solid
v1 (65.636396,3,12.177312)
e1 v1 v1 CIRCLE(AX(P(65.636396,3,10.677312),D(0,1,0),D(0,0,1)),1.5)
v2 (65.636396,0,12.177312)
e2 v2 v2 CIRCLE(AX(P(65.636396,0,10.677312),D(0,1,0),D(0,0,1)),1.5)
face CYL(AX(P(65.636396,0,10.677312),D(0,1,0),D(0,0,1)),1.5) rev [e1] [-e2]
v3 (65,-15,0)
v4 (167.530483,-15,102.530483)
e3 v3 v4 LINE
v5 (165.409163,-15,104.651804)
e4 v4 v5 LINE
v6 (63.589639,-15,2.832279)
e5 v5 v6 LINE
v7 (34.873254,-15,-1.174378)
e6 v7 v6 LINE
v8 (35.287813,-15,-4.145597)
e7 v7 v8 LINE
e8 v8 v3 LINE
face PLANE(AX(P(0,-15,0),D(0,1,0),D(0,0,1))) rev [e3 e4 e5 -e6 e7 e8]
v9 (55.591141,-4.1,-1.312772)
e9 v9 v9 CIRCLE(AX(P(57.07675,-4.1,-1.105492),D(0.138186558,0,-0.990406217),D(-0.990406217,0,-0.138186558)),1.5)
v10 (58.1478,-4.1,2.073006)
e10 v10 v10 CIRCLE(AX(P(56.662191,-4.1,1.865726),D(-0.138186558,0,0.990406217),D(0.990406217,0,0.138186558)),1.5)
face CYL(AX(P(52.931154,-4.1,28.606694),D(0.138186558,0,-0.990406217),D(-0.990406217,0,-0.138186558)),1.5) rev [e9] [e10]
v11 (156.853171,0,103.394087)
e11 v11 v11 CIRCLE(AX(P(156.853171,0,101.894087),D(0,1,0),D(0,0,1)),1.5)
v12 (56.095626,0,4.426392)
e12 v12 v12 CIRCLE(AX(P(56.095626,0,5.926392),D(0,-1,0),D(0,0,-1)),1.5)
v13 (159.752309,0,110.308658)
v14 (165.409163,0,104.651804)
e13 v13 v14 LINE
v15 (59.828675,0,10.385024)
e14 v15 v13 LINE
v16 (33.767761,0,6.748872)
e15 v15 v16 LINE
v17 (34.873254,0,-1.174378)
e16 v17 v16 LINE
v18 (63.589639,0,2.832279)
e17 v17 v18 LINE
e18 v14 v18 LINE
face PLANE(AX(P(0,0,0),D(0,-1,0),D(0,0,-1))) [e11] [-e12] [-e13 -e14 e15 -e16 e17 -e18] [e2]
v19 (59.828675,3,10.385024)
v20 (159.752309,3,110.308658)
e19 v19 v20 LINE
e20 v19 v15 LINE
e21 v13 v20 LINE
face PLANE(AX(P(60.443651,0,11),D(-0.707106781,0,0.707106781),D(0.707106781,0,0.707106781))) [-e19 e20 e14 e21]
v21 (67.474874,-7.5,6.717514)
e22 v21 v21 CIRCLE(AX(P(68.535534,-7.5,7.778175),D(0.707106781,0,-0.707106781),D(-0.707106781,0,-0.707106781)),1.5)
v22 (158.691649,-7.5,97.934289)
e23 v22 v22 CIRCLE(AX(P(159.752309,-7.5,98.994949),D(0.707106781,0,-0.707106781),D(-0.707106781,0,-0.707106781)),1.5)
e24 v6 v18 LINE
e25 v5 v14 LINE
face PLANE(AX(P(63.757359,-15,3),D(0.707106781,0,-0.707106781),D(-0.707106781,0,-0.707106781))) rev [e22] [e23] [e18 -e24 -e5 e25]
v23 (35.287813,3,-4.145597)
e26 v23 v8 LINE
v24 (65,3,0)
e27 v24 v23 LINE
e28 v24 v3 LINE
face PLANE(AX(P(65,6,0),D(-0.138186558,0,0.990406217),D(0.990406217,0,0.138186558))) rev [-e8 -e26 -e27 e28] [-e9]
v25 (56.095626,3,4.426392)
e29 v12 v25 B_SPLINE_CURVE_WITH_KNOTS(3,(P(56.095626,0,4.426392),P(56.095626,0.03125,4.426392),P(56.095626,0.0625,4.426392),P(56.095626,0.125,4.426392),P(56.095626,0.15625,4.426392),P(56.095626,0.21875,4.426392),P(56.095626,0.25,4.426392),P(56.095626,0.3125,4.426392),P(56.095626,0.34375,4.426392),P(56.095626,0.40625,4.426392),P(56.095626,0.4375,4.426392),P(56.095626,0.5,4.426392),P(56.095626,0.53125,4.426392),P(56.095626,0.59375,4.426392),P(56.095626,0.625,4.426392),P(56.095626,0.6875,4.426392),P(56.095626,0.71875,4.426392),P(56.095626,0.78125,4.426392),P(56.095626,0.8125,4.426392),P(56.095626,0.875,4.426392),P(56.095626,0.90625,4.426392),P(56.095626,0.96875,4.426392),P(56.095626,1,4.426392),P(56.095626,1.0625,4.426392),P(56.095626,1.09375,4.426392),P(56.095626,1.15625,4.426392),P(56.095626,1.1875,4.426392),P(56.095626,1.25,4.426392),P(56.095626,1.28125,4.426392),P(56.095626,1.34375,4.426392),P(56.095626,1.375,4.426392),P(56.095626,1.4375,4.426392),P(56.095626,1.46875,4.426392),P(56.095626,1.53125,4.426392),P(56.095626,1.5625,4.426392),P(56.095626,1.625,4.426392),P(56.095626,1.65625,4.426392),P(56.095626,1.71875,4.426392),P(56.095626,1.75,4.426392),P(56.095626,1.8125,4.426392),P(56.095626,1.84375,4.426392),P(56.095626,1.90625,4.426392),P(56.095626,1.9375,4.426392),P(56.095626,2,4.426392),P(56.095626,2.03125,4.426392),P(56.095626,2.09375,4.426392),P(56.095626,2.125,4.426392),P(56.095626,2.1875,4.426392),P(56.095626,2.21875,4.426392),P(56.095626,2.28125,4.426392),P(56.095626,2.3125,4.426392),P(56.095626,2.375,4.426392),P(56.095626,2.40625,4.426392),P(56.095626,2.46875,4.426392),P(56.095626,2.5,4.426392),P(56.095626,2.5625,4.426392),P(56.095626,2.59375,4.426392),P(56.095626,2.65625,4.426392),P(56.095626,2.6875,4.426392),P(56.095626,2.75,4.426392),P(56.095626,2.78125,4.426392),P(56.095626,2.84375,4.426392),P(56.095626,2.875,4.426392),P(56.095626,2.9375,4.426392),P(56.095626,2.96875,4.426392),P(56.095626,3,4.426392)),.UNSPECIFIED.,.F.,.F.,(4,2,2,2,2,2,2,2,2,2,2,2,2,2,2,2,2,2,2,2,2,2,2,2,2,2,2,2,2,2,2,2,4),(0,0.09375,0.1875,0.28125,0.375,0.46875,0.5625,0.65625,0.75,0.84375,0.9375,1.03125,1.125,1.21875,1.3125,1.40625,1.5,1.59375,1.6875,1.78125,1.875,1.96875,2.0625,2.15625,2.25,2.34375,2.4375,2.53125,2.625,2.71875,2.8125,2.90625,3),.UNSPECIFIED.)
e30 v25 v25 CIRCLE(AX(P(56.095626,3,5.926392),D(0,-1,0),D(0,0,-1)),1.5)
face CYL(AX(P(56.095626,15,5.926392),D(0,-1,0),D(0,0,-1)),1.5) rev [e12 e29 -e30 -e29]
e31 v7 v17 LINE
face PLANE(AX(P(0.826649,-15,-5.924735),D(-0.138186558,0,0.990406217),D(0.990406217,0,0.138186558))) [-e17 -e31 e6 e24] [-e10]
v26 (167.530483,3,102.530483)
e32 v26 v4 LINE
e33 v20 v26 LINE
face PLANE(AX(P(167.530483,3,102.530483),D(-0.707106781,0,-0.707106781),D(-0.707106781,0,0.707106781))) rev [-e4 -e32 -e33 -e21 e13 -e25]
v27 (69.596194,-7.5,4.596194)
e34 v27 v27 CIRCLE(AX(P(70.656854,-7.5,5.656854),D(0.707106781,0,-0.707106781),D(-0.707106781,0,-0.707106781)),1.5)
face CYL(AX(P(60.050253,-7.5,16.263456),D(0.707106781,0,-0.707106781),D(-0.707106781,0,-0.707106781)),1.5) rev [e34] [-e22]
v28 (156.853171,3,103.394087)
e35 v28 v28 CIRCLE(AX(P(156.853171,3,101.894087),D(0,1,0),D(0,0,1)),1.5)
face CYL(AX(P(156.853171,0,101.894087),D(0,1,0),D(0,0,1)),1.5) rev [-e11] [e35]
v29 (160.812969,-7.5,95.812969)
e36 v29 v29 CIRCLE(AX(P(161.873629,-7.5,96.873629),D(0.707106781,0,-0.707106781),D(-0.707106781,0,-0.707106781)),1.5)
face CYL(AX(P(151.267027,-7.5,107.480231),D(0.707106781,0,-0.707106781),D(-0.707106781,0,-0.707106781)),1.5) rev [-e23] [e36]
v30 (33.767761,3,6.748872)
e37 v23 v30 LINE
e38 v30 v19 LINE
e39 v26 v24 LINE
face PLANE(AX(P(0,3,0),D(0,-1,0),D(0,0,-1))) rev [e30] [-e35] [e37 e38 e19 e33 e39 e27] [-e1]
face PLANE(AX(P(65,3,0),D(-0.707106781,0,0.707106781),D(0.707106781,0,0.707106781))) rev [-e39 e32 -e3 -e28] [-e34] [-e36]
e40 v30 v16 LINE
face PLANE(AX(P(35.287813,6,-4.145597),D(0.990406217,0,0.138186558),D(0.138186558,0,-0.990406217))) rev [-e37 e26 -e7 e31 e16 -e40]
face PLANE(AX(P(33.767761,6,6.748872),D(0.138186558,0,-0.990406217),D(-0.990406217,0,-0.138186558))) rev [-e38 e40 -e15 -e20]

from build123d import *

# Parameters (mm, degrees)
CROQUIS1_R                = 1.5
SALIENTE_EXTRUIR2_DEPTH   = 3
SALIENTE_EXTRUIR2_2_DEPTH = 3
SALIENTE_EXTRUIR3_DEPTH   = 3
CROQUIS4_R                = 1.5
CORTAR_EXTRUIR2_DEPTH     = 3
SALIENTE_EXTRUIR4_START   = -3
CROQUIS5_R                = 1.5
SALIENTE_EXTRUIR4_DEPTH   = 3
SALIENTE_EXTRUIR5_DEPTH   = 15
CROQUIS7_R                = 1.5
CORTAR_EXTRUIR3_DEPTH     = 15
CROQUIS8_R                = 1.5
CORTAR_EXTRUIR4_DEPTH     = 15
CROQUIS9_R                = 1.5
CORTAR_EXTRUIR5_DEPTH     = 15
CROQUIS10_W               = 207.078994109
CROQUIS10_H               = 142.865408101
CORTAR_EXTRUIR6_DEPTH     = 20
SALIENTE_EXTRUIR6_DEPTH   = 3
CORTAR_EXTRUIR9_DEPTH     = 6
SALIENTE_EXTRUIR8_DEPTH   = 6
CROQUIS14_W               = 35.322230026
CROQUIS14_H               = 29.345994137
CORTAR_EXTRUIR10_DEPTH    = 3
CROQUIS15_W               = 36.043333432
CROQUIS15_H               = 18.319096506
CORTAR_EXTRUIR12_DEPTH    = 10
SALIENTE_EXTRUIR9_DEPTH   = 15
CROQUIS17_R               = 1.5
CORTAR_EXTRUIR14_DEPTH    = 30
CROQUIS18_R               = 1.5
CORTAR_EXTRUIR15_DEPTH    = 30


with BuildPart() as part:
    # Croquis1 → Saliente-Extruir2 (new body)
    with BuildSketch(Plane(origin=(0, 0, 0), x_dir=(1, 0, 0), z_dir=(0, 1, 0))):
        Polygon((35, 0), (65, 0), (167.530483272, -102.530483272), (161.873629023, -108.187337522), (61.686291501, -8), (35, -8), align=None)
        with Locations(Location((50, -4, 0), (0, 0, 270))):
            Circle(CROQUIS1_R, mode=Mode.SUBTRACT)
        with Locations(Location((159.045201898, -99.702056147, 0), (0, 0, 270))):
            Circle(CROQUIS1_R, mode=Mode.SUBTRACT)
        with Locations(Location((67.828427125, -8.485281374, 0), (0, 0, 270))):
            Circle(CROQUIS1_R, mode=Mode.SUBTRACT)
    extrude(amount=SALIENTE_EXTRUIR2_DEPTH)



with BuildPart() as body_2:
    # Croquis1 → Saliente-Extruir2 2 (new body)
    with BuildSketch(Plane(origin=(0, 0, 0), x_dir=(1, 0, 0), z_dir=(0, 1, 0))):
        Polygon((-35, 0), (-65, 0), (-167.530483272, -102.530483272), (-161.873629023, -108.187337522), (-61.686291501, -8), (-35, -8), align=None)
        with Locations(Location((-50, -4, 0), (0, 0, 270))):
            Circle(CROQUIS1_R, mode=Mode.SUBTRACT)
        with Locations(Location((-67.828427125, -8.485281374, 0), (0, 0, 270))):
            Circle(CROQUIS1_R, mode=Mode.SUBTRACT)
        with Locations(Location((-159.045201898, -99.702056147, 0), (0, 0, 270))):
            Circle(CROQUIS1_R, mode=Mode.SUBTRACT)
    extrude(amount=SALIENTE_EXTRUIR2_2_DEPTH)


with BuildPart() as part_1:
    add(part.part)

    add(body_2.part)  # Saliente-Extruir3 merges body 2
    # Croquis3 → Saliente-Extruir3 (add)
    with BuildSketch(Plane(origin=(0, 3, 0), x_dir=(1, 0, 0), z_dir=(0, 1, 0))):
        Polygon((-161.873629023, -108.187337522), (-159.752308679, -110.308657865), (-60.443650814, -11), (-35, -11), (-35, -8), (-61.686291501, -8), align=None)
        Polygon((35, -8), (61.686291501, -8), (161.873629023, -108.187337522), (159.752308679, -110.308657865), (60.443650814, -11), (35, -11), align=None)
    extrude(amount=-SALIENTE_EXTRUIR3_DEPTH)

    # Croquis4 → Cortar-Extruir2 (cut)
    with BuildSketch(Plane(origin=(0, 3, 0), x_dir=(1, 0, 0), z_dir=(0, 1, 0))):
        with Locations(Location((-50, -7.1, 0), (0, 0, 270))):
            Circle(CROQUIS4_R)
        with Locations(Location((-65.636396103, -10.677312396, 0), (0, 0, 270))):
            Circle(CROQUIS4_R)
        with Locations(Location((-156.853170876, -101.894087169, 0), (0, 0, 270))):
            Circle(CROQUIS4_R)
        with Locations(Location((50, -7.1, 0), (0, 0, 270))):
            Circle(CROQUIS4_R)
        with Locations(Location((65.636396103, -10.677312396, 0), (0, 0, 270))):
            Circle(CROQUIS4_R)
        with Locations(Location((156.853170876, -101.894087169, 0), (0, 0, 270))):
            Circle(CROQUIS4_R)
    extrude(amount=-CORTAR_EXTRUIR2_DEPTH, mode=Mode.SUBTRACT)

    # Croquis5 → Saliente-Extruir4 (add)
    with BuildSketch(Plane(origin=(0, 3, 0), x_dir=(1, 0, 0), z_dir=(0, 1, 0)).offset(SALIENTE_EXTRUIR4_START)):
        with Locations((-159.045201898, -99.702056147)):
            Circle(CROQUIS5_R)
        with Locations((-67.828427125, -8.485281374)):
            Circle(CROQUIS5_R)
        with Locations((-50, -4)):
            Circle(CROQUIS5_R)
        with Locations((50, -4)):
            Circle(CROQUIS5_R)
        with Locations((67.828427125, -8.485281374)):
            Circle(CROQUIS5_R)
        with Locations((159.045201898, -99.702056147)):
            Circle(CROQUIS5_R)
    extrude(amount=SALIENTE_EXTRUIR4_DEPTH)

    # Croquis6 → Saliente-Extruir5 (add)
    with BuildSketch(Plane(origin=(0, 0, 0), x_dir=(-1, 0, 0), z_dir=(0, -1, 0))):
        Polygon((167.530483272, -102.530483272), (65, 0), (35, 0), (35, -3), (63.757359313, -3), (165.409162928, -104.651803616), align=None)
        Polygon((-35, 0), (-35, -3), (-63.757359313, -3), (-165.409162928, -104.651803616), (-167.530483272, -102.530483272), (-65, 0), align=None)
    extrude(amount=SALIENTE_EXTRUIR5_DEPTH)

    # Croquis7 → Cortar-Extruir3 (cut)
    with BuildSketch(Plane(origin=(0, 0, 0), x_dir=(-1, 0, 0), z_dir=(0, 0, -1))):
        with Locations((50, -7.5)):
            Circle(CROQUIS7_R)
        with Locations((-50, -7.5)):
            Circle(CROQUIS7_R)
    extrude(amount=-CORTAR_EXTRUIR3_DEPTH, mode=Mode.SUBTRACT)

    # Croquis8 → Cortar-Extruir4 (cut)
    with BuildSketch(Plane(origin=(-32.5, 0, -32.5), x_dir=(-0.7071067811865476, 0, 0.7071067811865476), z_dir=(-0.7071067811865476, 0, -0.7071067811865476))):
        with Locations((182.961940777, -7.5)):
            Circle(CROQUIS8_R)
        with Locations((53.961940777, -7.5)):
            Circle(CROQUIS8_R)
    extrude(amount=-CORTAR_EXTRUIR4_DEPTH, mode=Mode.SUBTRACT)

    # Croquis9 → Cortar-Extruir5 (cut)
    with BuildSketch(Plane(origin=(32.5, 0, -32.5), x_dir=(-0.7071067811865476, 0, -0.7071067811865476), z_dir=(0.7071067811865476, 0, -0.7071067811865476))):
        with Locations((-182.961940777, -7.5)):
            Circle(CROQUIS9_R)
        with Locations((-53.961940777, -7.5)):
            Circle(CROQUIS9_R)
    extrude(amount=-CORTAR_EXTRUIR5_DEPTH, mode=Mode.SUBTRACT)

    # Croquis10 → Cortar-Extruir6 (cut)
    with BuildSketch(Plane(origin=(0, 3, 0), x_dir=(1, 0, 0), z_dir=(0, 1, 0))):
        with Locations((-138.539497055, -71.432704051)):
            Rectangle(CROQUIS10_W, CROQUIS10_H)
    extrude(amount=-CORTAR_EXTRUIR6_DEPTH, mode=Mode.SUBTRACT)

    # Croquis11 → Saliente-Extruir6 (add)
    with BuildSketch(Plane(origin=(0, 3, 0), x_dir=(1, 0, 0), z_dir=(0, 1, 0))):
        Polygon((65, 0), (35.287813482, 4.145596742), (33.767761344, -6.748871648), (59.828674856, -10.385024042), (60.443650814, -11), align=None)
    extrude(amount=SALIENTE_EXTRUIR6_DEPTH)

    # Croquis12 → Cortar-Extruir9 (cut)
    with BuildSketch(Plane(origin=(0, 6, 0), x_dir=(1, 0, 0), z_dir=(0, 1, 0))):
        Polygon((35, -6.920799909), (35, -11), (60.443650814, -11), (59.828674856, -10.385024042), align=None)
    extrude(amount=-CORTAR_EXTRUIR9_DEPTH, mode=Mode.SUBTRACT)

    # Croquis13 → Saliente-Extruir8 (add)
    with BuildSketch(Plane(origin=(0, 6, 0), x_dir=(1, 0, 0), z_dir=(0, 1, 0))):
        Polygon((35.287813482, 4.145596742), (33.767761344, -6.748871648), (59.828674856, -10.385024042), (60.443650814, -11), (65, 0), align=None)
    extrude(amount=-SALIENTE_EXTRUIR8_DEPTH)

    # Croquis14 → Cortar-Extruir10 (cut)
    with BuildSketch(Plane(origin=(0, 6, 0), x_dir=(1, 0, 0), z_dir=(0, 1, 0))):
        with Locations((49.859763615, -7.874178501)):
            Rectangle(CROQUIS14_W, CROQUIS14_H)
    extrude(amount=-CORTAR_EXTRUIR10_DEPTH, mode=Mode.SUBTRACT)

    # Croquis15 → Cortar-Extruir12 (cut)
    with BuildSketch(Plane(origin=(1.241209114, 0, -8.895953705), x_dir=(-0.9904062172531622, 0, -0.1381865580520849), z_dir=(0.1381865580520849, 0, -0.9904062172531622))):
        with Locations((-46.354737405, -9.159548253)):
            Rectangle(CROQUIS15_W, CROQUIS15_H)
    extrude(amount=-CORTAR_EXTRUIR12_DEPTH, mode=Mode.SUBTRACT)

    # Croquis16 → Saliente-Extruir9 (add)
    with BuildSketch(Plane(origin=(0, 0, 0), x_dir=(-1, 0, 0), z_dir=(0, -1, 0))):
        Polygon((-35.287813482, 4.145596742), (-65, 0), (-64.480524839, -3.723165526), (-63.589638597, -2.832279284), (-34.873253808, 1.17437809), align=None)
        Polygon((-66.286556106, -3.282217184), (-65, 0), (-64.480524839, -3.723165526), align=None)
    extrude(amount=SALIENTE_EXTRUIR9_DEPTH)

    # Croquis17 → Cortar-Extruir14 (cut)
    with BuildSketch(Plane(origin=(0, -15, 0), x_dir=(-1, 0, 0), z_dir=(0, -1, 0))):
        with Locations(Location((-56.0956257, -5.926391678, 0), (0, 0, 90))):
            Circle(CROQUIS17_R)
    extrude(amount=-CORTAR_EXTRUIR14_DEPTH, mode=Mode.SUBTRACT)

    # Croquis18 → Cortar-Extruir15 (cut)
    with BuildSketch(Plane(origin=(1.241209114, 0, -8.895953705), x_dir=(-0.9904062172531622, 0, -0.1381865580520849), z_dir=(0.1381865580520849, 0, -0.9904062172531622))):
        with Locations((-56.376404121, -4.1)):
            Circle(CROQUIS18_R)
    extrude(amount=-CORTAR_EXTRUIR15_DEPTH, mode=Mode.SUBTRACT)


solid = part_1.part
